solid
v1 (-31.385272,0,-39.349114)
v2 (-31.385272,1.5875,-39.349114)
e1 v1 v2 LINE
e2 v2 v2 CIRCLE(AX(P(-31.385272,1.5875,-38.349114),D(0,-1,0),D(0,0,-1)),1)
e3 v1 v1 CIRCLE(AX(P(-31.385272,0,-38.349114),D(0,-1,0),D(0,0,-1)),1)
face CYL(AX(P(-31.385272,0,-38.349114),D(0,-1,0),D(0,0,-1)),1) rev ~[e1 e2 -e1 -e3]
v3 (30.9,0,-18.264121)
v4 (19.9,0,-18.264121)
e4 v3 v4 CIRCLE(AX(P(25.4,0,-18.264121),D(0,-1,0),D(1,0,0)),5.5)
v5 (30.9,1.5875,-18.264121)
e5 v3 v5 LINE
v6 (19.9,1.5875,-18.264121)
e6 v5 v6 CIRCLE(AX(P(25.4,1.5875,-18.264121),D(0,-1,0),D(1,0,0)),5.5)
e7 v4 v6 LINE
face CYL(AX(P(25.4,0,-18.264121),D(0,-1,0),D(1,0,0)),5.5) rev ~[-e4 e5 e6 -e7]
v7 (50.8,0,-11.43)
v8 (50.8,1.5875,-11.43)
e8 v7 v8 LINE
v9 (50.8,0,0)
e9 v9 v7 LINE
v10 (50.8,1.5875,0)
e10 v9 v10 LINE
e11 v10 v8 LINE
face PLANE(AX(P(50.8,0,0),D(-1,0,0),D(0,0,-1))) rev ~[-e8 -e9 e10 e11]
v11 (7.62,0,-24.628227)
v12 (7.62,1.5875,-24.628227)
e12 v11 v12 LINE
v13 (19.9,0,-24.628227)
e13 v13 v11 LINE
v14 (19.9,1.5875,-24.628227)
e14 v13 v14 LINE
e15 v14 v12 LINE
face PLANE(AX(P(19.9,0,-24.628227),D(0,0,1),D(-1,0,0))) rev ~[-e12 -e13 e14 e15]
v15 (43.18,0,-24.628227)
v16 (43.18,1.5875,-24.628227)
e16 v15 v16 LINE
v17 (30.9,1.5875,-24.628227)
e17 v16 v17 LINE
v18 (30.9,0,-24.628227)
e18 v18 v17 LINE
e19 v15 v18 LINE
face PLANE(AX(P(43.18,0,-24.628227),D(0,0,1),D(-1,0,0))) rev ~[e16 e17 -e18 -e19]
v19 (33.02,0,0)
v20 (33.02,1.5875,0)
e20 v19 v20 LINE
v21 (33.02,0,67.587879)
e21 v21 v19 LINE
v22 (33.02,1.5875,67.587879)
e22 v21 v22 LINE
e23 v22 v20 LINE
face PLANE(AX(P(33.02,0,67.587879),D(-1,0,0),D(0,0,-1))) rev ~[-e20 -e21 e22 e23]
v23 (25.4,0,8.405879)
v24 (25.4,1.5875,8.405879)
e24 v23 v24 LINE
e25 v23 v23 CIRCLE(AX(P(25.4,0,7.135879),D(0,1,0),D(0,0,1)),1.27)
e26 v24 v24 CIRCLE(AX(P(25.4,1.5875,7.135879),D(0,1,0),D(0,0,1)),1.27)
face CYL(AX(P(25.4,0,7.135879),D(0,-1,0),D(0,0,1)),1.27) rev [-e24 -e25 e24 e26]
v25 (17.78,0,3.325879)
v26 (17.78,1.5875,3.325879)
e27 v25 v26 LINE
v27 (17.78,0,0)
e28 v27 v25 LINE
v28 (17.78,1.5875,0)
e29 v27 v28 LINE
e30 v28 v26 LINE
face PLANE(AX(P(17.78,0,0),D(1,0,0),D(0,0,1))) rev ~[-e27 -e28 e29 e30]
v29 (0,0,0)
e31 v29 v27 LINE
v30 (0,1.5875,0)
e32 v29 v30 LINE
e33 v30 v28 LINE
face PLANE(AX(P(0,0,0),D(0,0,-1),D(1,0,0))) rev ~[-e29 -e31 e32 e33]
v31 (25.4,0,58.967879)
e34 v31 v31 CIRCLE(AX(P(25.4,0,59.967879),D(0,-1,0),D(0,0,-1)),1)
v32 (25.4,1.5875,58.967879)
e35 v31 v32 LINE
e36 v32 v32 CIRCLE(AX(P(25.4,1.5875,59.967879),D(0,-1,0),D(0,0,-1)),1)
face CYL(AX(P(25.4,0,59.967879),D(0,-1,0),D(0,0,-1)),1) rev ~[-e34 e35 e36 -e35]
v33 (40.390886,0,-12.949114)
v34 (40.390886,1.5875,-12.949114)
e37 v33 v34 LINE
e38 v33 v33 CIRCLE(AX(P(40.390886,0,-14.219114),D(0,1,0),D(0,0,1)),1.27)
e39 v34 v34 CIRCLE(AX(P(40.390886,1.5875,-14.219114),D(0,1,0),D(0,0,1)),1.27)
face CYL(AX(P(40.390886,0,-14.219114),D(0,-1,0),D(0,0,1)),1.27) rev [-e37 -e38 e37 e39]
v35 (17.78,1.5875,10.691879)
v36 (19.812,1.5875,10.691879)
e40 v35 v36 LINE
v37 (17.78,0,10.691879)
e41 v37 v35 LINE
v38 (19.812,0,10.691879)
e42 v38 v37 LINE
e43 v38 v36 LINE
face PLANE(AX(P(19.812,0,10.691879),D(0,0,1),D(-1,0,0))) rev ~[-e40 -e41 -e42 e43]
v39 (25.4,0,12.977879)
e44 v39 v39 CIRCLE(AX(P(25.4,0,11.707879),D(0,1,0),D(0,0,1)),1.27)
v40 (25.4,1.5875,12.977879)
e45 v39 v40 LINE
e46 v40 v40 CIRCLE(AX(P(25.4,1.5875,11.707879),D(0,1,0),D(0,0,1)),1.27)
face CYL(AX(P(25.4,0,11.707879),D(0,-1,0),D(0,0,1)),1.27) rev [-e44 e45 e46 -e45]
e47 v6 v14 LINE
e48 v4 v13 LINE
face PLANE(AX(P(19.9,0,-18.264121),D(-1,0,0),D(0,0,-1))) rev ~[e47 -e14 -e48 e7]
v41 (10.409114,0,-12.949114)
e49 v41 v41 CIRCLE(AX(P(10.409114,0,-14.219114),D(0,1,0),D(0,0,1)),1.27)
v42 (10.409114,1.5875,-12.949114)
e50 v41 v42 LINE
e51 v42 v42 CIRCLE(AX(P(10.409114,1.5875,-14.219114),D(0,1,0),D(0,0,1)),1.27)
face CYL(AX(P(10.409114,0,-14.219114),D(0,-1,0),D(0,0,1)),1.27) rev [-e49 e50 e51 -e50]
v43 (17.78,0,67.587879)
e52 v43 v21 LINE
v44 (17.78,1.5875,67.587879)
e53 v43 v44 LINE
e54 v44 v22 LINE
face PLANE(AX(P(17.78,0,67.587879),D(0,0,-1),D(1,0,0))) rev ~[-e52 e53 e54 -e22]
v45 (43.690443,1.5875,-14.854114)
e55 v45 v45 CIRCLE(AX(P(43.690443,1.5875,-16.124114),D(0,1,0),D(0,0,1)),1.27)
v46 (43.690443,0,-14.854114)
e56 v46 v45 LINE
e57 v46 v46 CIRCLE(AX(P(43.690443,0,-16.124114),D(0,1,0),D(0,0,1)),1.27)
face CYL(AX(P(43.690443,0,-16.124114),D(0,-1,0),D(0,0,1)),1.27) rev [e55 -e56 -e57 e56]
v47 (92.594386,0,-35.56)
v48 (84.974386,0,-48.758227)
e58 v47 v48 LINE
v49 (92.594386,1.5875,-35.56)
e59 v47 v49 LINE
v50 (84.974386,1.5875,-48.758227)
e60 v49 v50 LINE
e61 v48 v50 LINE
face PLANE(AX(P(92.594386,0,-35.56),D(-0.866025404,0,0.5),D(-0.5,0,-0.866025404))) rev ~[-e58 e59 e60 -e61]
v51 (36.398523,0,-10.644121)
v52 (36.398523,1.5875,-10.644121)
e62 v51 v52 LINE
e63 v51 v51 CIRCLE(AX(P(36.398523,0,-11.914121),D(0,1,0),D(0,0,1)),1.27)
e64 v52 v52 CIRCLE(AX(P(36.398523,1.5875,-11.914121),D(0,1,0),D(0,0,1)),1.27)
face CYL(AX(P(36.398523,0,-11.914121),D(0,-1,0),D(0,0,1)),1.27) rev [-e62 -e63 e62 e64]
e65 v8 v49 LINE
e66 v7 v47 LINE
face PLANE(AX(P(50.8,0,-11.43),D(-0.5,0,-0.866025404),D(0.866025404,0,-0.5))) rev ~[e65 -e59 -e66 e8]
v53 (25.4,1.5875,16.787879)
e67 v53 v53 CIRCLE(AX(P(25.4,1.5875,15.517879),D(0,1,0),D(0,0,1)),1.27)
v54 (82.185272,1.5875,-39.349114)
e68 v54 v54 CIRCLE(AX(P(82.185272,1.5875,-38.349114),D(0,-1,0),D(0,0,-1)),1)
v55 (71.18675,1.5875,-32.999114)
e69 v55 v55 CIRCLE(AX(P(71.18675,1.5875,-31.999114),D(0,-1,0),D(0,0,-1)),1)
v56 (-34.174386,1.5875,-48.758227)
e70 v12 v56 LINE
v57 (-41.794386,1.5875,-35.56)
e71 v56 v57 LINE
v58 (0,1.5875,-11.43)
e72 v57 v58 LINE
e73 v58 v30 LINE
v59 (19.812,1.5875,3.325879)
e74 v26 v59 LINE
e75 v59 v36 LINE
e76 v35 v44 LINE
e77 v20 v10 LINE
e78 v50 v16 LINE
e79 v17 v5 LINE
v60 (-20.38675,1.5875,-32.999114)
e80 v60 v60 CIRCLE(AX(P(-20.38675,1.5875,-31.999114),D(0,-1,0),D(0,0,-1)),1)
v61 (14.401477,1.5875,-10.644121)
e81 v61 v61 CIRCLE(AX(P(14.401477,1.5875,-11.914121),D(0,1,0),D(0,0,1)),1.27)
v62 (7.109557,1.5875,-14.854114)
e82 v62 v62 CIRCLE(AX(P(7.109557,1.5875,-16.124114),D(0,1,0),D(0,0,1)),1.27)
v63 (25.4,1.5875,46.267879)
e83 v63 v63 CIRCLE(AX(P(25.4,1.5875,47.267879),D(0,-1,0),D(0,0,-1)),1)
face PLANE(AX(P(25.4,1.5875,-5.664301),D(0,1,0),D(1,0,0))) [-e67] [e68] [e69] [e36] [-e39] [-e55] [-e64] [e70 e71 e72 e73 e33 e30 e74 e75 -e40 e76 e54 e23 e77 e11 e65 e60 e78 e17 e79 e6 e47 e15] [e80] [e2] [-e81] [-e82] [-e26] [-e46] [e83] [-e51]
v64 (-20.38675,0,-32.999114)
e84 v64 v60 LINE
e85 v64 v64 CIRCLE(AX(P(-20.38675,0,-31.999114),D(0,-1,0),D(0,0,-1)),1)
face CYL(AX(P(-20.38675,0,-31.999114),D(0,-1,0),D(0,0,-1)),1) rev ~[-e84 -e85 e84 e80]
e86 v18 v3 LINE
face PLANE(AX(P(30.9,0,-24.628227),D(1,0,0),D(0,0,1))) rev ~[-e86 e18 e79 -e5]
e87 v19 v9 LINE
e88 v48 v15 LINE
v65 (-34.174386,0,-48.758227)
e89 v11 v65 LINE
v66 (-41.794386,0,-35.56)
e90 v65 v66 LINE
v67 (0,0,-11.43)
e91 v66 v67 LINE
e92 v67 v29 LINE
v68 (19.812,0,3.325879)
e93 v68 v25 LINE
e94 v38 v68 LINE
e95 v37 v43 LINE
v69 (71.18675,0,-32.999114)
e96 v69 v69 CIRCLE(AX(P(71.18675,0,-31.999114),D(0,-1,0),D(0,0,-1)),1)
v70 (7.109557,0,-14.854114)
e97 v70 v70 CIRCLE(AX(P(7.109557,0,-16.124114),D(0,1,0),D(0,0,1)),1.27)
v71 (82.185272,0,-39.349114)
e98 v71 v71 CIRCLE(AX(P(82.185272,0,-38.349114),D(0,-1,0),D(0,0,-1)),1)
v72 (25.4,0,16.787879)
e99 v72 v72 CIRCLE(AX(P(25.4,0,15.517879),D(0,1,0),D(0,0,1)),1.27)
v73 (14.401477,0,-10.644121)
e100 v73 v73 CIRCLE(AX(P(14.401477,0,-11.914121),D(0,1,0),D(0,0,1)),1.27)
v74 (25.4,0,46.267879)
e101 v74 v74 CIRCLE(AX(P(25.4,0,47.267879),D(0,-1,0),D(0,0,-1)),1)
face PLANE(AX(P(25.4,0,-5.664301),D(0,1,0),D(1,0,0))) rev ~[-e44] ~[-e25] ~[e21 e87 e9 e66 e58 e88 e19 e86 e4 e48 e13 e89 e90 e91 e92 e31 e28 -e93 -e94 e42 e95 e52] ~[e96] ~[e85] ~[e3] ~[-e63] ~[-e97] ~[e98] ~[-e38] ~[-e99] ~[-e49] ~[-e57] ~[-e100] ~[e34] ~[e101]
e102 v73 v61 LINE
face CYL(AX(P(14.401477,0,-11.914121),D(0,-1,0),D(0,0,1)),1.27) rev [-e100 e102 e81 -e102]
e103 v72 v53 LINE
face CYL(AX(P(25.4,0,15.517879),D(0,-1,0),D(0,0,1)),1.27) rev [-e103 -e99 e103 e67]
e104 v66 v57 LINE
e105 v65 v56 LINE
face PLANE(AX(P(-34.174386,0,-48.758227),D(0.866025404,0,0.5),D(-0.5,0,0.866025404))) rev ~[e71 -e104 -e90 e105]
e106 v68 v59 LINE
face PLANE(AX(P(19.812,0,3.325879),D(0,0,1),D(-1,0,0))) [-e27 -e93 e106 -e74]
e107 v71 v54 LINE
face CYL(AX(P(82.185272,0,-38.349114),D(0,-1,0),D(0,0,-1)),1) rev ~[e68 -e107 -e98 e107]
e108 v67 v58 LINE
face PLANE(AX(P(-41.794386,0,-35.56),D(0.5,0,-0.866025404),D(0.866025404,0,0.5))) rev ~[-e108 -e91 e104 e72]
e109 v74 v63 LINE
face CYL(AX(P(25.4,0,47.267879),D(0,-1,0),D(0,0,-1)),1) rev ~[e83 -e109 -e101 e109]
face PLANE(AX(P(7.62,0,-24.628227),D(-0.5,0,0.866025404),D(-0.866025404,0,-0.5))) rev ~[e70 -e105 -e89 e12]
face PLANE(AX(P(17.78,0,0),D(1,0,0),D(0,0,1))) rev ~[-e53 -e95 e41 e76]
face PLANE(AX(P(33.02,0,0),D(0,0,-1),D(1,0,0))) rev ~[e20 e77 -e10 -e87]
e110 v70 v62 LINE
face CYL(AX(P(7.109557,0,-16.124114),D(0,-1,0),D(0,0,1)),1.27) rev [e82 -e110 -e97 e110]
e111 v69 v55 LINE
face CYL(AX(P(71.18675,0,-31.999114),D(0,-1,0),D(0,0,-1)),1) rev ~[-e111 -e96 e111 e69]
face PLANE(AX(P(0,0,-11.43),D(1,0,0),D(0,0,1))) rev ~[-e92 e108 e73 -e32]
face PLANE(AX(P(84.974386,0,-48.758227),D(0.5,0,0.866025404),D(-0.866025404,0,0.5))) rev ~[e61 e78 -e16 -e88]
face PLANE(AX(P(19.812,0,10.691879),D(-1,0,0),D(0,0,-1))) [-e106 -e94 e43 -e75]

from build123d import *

# Parameters (mm, degrees)
SKETCH1_R           = 1.27
BOSS_EXTRUDE2_DEPTH = 1.5875
SKETCH6_W           = 2.032
SKETCH6_H           = 7.366
CUT_EXTRUDE4_DEPTH  = 2.54
SKETCH7_R           = 1
CUT_EXTRUDE5_DEPTH  = 2.54


with BuildPart() as part:
    # Sketch1 → Boss-Extrude2 (new body)
    with BuildSketch(Plane(origin=(0, 0, 0), x_dir=(1, 0, 0), z_dir=(0, 1, 0))):
        with BuildLine():
            Line((-41.794385987, 35.56), (0, 11.43))
            Line((0, 11.43), (0, 0))
            Line((0, 0), (17.78, 0))
            Line((17.78, 0), (17.78, -67.587878735))
            Line((17.78, -67.587878735), (33.02, -67.587878735))
            Line((33.02, -67.587878735), (33.02, 0))
            Line((33.02, 0), (50.8, 0))
            Line((50.8, 0), (50.8, 11.43))
            Line((50.8, 11.43), (92.594385987, 35.56))
            Line((92.594385987, 35.56), (84.974385987, 48.758227154))
            Line((84.974385987, 48.758227154), (43.18, 24.628227154))
            Line((43.18, 24.628227154), (30.9, 24.628227154))
            Line((30.9, 24.628227154), (30.9, 18.264121265))
            ThreePointArc((30.9, 18.264121265), (25.4, 12.764121265), (19.9, 18.264121265))
            Line((19.9, 18.264121265), (19.9, 24.628227154))
            Line((19.9, 24.628227154), (7.62, 24.628227154))
            Line((7.62, 24.628227154), (-34.174385987, 48.758227154))
            Line((-34.174385987, 48.758227154), (-41.794385987, 35.56))
        make_face()
        with Locations(Location((43.690443212, 16.124113577, 0), (0, 0, 270))):
            Circle(SKETCH1_R, mode=Mode.SUBTRACT)
        with Locations(Location((36.398522628, 11.914121265, 0), (0, 0, 270))):
            Circle(SKETCH1_R, mode=Mode.SUBTRACT)
        with Locations(Location((14.401477372, 11.914121265, 0), (0, 0, 270))):
            Circle(SKETCH1_R, mode=Mode.SUBTRACT)
        with Locations(Location((7.109556788, 16.124113577, 0), (0, 0, 270))):
            Circle(SKETCH1_R, mode=Mode.SUBTRACT)
        with Locations(Location((10.409113577, 14.219113577, 0), (0, 0, 270))):
            Circle(SKETCH1_R, mode=Mode.SUBTRACT)
        with Locations(Location((40.390886423, 14.219113577, 0), (0, 0, 270))):
            Circle(SKETCH1_R, mode=Mode.SUBTRACT)
        with Locations(Location((25.4, -7.135878735, 0), (0, 0, 270))):
            Circle(SKETCH1_R, mode=Mode.SUBTRACT)
        with Locations(Location((25.4, -15.517878735, 0), (0, 0, 270))):
            Circle(SKETCH1_R, mode=Mode.SUBTRACT)
        with Locations(Location((25.4, -11.707878735, 0), (0, 0, 270))):
            Circle(SKETCH1_R, mode=Mode.SUBTRACT)
    extrude(amount=BOSS_EXTRUDE2_DEPTH)

    # Sketch6 → Cut-Extrude4 (cut)
    with BuildSketch(Plane(origin=(0, 0, 0), x_dir=(-1, 0, 0), z_dir=(0, -1, 0))):
        with Locations((-18.796, -7.008878735)):
            Rectangle(SKETCH6_W, SKETCH6_H)
    extrude(amount=-CUT_EXTRUDE4_DEPTH, mode=Mode.SUBTRACT)

    # Sketch7 → Cut-Extrude5 (cut)
    with BuildSketch(Plane(origin=(0, 0, 0), x_dir=(-1, 0, 0), z_dir=(0, -1, 0))):
        with Locations(Location((-25.4, -59.967878735, 0), (0, 0, 90))):
            Circle(SKETCH7_R)
        with Locations(Location((-25.4, -47.267878735, 0), (0, 0, 90))):
            Circle(SKETCH7_R)
        with Locations(Location((-71.186749782, 31.999113577, 0), (0, 0, 90))):
            Circle(SKETCH7_R)
        with Locations(Location((-82.18527241, 38.349113577, 0), (0, 0, 90))):
            Circle(SKETCH7_R)
        with Locations(Location((31.38527241, 38.349113577, 0), (0, 0, 90))):
            Circle(SKETCH7_R)
        with Locations(Location((20.386749782, 31.999113577, 0), (0, 0, 90))):
            Circle(SKETCH7_R)
    extrude(amount=-CUT_EXTRUDE5_DEPTH, mode=Mode.SUBTRACT)


solid = part.part
